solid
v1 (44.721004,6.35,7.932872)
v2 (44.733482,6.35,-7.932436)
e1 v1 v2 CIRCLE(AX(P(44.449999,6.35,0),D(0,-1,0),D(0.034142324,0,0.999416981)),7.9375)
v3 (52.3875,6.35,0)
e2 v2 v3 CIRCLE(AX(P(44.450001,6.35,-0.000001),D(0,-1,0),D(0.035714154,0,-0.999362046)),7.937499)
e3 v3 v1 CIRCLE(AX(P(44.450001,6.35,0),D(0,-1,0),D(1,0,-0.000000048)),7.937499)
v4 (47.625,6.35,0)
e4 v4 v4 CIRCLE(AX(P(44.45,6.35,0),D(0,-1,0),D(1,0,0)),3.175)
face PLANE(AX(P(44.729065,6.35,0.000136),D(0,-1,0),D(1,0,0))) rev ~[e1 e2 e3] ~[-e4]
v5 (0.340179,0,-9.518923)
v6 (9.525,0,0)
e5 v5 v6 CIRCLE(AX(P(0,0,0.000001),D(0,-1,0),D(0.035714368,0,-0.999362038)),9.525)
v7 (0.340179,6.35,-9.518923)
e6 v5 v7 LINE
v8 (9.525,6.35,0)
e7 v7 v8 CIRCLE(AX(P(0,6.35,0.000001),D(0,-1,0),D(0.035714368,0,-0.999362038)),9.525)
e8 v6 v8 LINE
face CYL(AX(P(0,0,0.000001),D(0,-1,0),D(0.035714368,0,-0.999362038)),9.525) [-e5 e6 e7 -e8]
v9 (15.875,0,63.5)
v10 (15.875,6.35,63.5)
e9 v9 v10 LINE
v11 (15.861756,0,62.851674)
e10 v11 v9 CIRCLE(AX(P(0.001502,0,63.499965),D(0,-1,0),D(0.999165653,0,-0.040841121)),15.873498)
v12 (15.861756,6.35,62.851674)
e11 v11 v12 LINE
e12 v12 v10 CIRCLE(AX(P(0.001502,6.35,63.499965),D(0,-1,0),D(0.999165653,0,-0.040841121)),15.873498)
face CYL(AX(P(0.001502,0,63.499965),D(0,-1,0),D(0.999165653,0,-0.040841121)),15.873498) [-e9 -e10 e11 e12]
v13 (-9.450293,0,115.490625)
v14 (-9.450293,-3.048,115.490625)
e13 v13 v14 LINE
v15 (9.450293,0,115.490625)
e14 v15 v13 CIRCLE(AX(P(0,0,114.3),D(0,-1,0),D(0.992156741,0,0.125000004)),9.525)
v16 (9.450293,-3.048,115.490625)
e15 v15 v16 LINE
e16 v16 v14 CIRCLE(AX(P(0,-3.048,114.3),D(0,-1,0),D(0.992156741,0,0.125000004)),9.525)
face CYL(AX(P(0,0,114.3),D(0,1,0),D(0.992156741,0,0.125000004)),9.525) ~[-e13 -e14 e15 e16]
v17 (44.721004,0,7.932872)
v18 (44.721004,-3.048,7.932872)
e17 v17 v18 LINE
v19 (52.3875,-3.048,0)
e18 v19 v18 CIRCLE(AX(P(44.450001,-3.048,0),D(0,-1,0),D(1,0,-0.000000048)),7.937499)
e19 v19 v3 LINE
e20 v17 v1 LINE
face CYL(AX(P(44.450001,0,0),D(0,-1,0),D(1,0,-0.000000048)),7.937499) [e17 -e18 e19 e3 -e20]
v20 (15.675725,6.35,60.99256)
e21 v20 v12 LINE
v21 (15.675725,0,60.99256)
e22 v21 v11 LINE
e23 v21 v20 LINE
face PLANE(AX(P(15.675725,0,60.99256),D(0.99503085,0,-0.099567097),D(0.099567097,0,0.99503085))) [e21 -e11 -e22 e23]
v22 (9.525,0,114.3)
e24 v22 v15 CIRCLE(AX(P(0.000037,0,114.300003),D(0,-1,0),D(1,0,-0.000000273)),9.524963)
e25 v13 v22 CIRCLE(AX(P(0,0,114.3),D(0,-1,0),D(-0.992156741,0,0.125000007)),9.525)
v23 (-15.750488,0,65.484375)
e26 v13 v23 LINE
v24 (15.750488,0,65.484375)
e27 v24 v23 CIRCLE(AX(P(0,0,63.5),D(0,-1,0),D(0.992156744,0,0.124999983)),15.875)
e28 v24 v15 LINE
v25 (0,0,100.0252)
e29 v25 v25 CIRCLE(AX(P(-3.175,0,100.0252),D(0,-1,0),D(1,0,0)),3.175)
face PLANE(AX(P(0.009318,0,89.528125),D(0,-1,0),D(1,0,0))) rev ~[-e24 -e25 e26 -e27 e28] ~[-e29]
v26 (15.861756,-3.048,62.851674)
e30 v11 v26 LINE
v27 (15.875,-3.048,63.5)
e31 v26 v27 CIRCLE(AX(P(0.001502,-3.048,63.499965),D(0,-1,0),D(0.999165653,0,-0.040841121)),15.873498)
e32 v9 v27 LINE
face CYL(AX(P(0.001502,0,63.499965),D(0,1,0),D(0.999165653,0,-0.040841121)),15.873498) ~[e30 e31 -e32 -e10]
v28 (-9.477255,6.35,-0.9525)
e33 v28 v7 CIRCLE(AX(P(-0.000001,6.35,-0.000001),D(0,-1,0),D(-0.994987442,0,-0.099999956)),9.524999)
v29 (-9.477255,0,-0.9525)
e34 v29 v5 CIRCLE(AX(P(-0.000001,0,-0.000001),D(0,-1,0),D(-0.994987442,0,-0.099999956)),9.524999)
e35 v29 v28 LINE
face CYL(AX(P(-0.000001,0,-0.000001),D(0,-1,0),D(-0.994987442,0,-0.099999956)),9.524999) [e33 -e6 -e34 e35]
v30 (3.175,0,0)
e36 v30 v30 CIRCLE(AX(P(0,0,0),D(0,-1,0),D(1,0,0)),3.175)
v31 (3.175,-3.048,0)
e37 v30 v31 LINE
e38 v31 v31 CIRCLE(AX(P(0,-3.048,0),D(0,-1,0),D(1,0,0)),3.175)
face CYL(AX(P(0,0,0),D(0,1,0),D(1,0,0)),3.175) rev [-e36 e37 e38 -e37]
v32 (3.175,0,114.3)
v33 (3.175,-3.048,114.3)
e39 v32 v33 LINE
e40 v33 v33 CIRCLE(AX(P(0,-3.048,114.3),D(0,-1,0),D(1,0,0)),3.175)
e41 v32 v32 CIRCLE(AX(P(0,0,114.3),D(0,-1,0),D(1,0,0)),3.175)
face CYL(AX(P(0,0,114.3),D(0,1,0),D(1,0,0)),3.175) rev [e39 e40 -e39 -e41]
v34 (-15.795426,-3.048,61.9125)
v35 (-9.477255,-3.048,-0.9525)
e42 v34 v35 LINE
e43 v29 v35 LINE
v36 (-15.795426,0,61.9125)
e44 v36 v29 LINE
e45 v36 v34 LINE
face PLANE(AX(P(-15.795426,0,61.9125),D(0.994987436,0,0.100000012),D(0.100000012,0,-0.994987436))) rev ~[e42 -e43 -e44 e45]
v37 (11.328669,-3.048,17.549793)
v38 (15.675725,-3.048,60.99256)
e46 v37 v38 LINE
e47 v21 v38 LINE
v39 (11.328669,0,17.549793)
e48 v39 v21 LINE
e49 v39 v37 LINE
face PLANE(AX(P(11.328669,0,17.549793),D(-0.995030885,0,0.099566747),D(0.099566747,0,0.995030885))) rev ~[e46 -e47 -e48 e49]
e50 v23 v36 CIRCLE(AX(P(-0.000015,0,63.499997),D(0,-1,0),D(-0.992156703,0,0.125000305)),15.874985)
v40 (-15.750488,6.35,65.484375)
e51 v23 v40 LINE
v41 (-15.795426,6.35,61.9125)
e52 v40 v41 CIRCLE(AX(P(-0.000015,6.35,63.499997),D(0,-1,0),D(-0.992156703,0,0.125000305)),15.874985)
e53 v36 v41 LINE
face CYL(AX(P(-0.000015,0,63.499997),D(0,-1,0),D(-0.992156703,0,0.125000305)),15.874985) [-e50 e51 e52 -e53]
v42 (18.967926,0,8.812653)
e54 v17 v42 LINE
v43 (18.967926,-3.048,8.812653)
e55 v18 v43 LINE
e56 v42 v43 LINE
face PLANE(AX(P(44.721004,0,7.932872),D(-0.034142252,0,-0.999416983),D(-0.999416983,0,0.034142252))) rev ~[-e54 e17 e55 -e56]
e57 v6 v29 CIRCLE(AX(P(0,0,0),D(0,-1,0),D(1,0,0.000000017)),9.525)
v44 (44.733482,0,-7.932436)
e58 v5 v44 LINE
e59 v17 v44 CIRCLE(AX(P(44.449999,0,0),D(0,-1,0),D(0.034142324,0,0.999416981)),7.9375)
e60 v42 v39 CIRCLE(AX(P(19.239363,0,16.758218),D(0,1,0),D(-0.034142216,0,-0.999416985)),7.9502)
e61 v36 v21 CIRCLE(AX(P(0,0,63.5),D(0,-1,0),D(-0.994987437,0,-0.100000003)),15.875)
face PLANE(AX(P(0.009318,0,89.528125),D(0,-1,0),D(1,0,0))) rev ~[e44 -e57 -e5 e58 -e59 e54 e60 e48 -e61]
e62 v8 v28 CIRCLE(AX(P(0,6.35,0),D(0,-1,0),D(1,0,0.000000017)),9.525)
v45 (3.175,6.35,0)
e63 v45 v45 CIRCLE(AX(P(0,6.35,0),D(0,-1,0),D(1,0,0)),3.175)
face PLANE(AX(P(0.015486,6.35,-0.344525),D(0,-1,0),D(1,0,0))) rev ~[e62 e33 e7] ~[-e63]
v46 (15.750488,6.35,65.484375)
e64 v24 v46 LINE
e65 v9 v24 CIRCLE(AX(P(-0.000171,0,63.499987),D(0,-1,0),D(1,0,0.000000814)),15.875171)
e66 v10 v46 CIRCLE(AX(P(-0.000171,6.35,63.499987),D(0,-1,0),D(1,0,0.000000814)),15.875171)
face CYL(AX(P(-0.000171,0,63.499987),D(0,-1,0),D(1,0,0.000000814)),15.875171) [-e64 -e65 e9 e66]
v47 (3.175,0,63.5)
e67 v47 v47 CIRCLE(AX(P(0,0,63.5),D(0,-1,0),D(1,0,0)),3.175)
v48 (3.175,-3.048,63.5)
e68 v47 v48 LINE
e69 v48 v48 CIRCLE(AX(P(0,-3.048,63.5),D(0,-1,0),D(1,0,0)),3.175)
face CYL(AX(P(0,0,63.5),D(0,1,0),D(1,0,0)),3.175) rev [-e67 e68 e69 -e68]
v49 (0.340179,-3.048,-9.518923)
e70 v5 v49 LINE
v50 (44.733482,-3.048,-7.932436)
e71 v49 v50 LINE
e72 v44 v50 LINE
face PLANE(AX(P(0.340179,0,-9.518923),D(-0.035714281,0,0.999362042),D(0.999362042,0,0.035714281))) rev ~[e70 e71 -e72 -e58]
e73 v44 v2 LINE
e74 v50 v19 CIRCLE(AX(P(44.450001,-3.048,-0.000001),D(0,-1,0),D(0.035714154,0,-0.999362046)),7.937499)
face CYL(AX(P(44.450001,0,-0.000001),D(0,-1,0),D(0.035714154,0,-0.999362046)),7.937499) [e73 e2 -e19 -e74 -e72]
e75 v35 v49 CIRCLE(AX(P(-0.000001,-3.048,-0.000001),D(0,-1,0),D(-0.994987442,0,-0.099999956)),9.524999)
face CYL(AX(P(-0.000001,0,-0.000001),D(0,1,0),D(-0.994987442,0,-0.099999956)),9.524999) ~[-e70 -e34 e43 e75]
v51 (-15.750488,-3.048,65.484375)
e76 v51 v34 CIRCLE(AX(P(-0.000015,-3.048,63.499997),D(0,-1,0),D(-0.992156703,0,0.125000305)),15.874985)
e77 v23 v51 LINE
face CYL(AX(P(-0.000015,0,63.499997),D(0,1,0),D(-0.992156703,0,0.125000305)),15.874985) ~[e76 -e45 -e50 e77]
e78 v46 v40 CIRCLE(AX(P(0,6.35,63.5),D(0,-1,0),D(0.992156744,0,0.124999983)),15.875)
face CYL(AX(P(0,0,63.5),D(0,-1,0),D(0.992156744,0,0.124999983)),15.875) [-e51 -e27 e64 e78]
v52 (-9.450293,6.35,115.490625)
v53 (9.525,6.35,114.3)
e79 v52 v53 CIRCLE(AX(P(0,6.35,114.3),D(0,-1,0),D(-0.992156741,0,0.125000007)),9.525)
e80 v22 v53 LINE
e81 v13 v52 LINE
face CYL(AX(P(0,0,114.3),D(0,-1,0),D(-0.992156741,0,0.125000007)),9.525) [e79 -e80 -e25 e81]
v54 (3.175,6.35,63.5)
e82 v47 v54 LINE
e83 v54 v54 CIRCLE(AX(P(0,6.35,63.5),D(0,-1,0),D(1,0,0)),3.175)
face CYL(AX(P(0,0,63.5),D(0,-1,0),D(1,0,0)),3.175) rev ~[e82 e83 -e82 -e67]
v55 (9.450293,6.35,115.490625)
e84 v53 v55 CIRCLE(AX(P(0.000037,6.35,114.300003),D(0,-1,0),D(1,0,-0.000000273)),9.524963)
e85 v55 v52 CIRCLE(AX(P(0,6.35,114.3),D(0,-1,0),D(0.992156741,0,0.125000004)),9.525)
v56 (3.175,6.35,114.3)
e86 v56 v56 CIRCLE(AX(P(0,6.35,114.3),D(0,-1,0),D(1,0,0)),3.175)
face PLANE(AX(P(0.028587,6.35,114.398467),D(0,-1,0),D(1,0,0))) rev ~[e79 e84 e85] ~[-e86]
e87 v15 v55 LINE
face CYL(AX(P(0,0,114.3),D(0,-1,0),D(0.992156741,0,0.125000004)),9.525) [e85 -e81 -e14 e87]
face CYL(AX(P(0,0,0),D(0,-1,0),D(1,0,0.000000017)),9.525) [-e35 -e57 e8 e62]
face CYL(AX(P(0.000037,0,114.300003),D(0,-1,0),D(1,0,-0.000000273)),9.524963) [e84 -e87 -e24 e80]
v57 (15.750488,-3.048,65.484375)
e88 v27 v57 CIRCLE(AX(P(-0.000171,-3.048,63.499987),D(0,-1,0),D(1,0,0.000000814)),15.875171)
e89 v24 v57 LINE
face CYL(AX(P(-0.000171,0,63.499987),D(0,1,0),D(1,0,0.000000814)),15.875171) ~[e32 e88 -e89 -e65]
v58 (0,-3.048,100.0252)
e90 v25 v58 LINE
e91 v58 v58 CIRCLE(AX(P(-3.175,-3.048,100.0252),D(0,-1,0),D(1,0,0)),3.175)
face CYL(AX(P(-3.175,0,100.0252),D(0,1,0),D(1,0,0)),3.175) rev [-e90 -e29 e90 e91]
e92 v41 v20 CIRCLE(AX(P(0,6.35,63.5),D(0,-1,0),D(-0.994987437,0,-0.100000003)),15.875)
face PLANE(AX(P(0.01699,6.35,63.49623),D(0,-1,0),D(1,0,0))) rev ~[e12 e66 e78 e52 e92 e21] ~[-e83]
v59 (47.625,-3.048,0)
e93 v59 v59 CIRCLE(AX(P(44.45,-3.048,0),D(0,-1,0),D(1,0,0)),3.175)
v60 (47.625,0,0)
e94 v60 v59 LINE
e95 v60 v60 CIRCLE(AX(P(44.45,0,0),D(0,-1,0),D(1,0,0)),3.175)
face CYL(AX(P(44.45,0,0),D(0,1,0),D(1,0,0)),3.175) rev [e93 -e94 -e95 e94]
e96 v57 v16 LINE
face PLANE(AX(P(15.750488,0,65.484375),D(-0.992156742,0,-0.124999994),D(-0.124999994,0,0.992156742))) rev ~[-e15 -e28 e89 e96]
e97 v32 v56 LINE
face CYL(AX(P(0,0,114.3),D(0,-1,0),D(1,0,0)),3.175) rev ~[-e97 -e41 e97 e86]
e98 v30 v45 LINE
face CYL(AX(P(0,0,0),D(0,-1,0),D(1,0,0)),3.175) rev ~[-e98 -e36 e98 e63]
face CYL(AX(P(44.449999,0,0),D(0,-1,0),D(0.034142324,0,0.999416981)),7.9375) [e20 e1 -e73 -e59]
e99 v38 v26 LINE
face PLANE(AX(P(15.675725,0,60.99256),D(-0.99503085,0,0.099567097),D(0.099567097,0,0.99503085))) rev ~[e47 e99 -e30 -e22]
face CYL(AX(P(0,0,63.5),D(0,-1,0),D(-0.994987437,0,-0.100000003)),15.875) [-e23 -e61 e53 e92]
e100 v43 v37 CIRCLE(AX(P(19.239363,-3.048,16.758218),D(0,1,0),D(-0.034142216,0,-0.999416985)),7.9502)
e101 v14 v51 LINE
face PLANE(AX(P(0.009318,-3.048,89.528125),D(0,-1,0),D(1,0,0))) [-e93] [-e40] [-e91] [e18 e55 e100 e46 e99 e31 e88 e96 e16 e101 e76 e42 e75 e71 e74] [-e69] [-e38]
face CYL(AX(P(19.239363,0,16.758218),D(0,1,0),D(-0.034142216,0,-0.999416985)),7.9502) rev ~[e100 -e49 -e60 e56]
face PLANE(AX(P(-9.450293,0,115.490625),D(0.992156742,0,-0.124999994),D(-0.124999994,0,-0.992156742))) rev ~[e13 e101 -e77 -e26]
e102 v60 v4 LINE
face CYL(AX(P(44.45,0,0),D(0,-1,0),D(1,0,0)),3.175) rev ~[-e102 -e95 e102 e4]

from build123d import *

# Parameters (mm, degrees)
F0_R     = 3.175
F1_DEPTH = 3.048
F2_DEPTH = 6.35


with BuildPart() as f1:
    # F0 (on Front) → F1 (new body)
    with BuildSketch(Plane.XZ):
        with BuildLine():
            Line((-9.450293, 115.490625), (-15.750488, 65.484375))
            ThreePointArc((-15.750488, 65.484375), (0, 79.375), (15.750488, 65.484375))
            Line((15.750488, 65.484375), (9.450293, 115.490625))
            ThreePointArc((9.450293, 115.490625), (9.506305, 114.896483), (9.525, 114.3))
            ThreePointArc((9.525, 114.3), (-0.596483, 104.793695), (-9.450293, 115.490625))
        make_face()
        with Locations((-3.175, 100.0252)):
            Circle(F0_R, mode=Mode.SUBTRACT)
        with BuildLine():
            ThreePointArc((-9.477255, -0.9525), (-0.476848, 9.513056), (9.525, 0))
            ThreePointArc((9.525, 0), (6.854408, -6.613827), (0.340179, -9.518923))
            Line((0.340179, -9.518923), (44.733482, -7.932436))
            ThreePointArc((44.733482, -7.932436), (36.512502, -0.006243), (44.721004, 7.932872))
            Line((44.721004, 7.932872), (18.967926, 8.812653))
            ThreePointArc((18.967926, 8.812653), (13.25428, 11.525202), (11.328669, 17.549793))
            Line((11.328669, 17.549793), (15.675725, 60.99256))
            ThreePointArc((15.675725, 60.99256), (-0.463847, 47.631778), (-15.795426, 61.9125))
            Line((-15.795426, 61.9125), (-9.477255, -0.9525))
        make_face()
        with BuildLine():
            ThreePointArc((9.450293, 115.490625), (0, 123.825), (-9.450293, 115.490625))
            ThreePointArc((-9.450293, 115.490625), (-0.596483, 104.793695), (9.525, 114.3))
            ThreePointArc((9.525, 114.3), (9.506305, 114.896483), (9.450293, 115.490625))
        make_face()
        with Locations((0, 114.3)):
            Circle(F0_R, mode=Mode.SUBTRACT)
        with BuildLine():
            ThreePointArc((-15.750488, 65.484375), (-15.873744, 63.699705), (-15.795426, 61.9125))
            ThreePointArc((-15.795426, 61.9125), (-0.463847, 47.631778), (15.675725, 60.99256))
            Line((15.675725, 60.99256), (15.861756, 62.851674))
            ThreePointArc((15.861756, 62.851674), (15.871689, 63.175769), (15.875, 63.5))
            ThreePointArc((15.875, 63.5), (15.843841, 64.494139), (15.750488, 65.484375))
            ThreePointArc((15.750488, 65.484375), (0, 79.375), (-15.750488, 65.484375))
        make_face()
        with Locations((0, 63.5)):
            Circle(F0_R, mode=Mode.SUBTRACT)
        with BuildLine():
            ThreePointArc((0.340179, -9.518923), (6.854408, -6.613827), (9.525, 0))
            ThreePointArc((9.525, 0), (-0.476848, 9.513056), (-9.477255, -0.9525))
            ThreePointArc((-9.477255, -0.9525), (-6.262383, -7.17692), (0.340179, -9.518923))
        make_face()
        Circle(F0_R, mode=Mode.SUBTRACT)
        with BuildLine():
            ThreePointArc((44.721004, 7.932872), (36.512502, -0.006243), (44.733482, -7.932436))
            ThreePointArc((44.733482, -7.932436), (50.162007, -5.511523), (52.3875, 0))
            ThreePointArc((52.3875, 0), (50.15767, 5.516014), (44.721004, 7.932872))
        make_face()
        with Locations((44.45, 0)):
            Circle(F0_R, mode=Mode.SUBTRACT)
    extrude(amount=F1_DEPTH)

    # F0 (on Front) → F2 (join)
    with BuildSketch(Plane.XZ):
        with BuildLine():
            ThreePointArc((44.721004, 7.932872), (36.512502, -0.006243), (44.733482, -7.932436))
            ThreePointArc((44.733482, -7.932436), (50.162007, -5.511523), (52.3875, 0))
            ThreePointArc((52.3875, 0), (50.15767, 5.516014), (44.721004, 7.932872))
        make_face()
        with Locations((44.45, 0)):
            Circle(F0_R, mode=Mode.SUBTRACT)
        with BuildLine():
            ThreePointArc((0.340179, -9.518923), (6.854408, -6.613827), (9.525, 0))
            ThreePointArc((9.525, 0), (-0.476848, 9.513056), (-9.477255, -0.9525))
            ThreePointArc((-9.477255, -0.9525), (-6.262383, -7.17692), (0.340179, -9.518923))
        make_face()
        Circle(F0_R, mode=Mode.SUBTRACT)
        with BuildLine():
            ThreePointArc((-15.750488, 65.484375), (-15.873744, 63.699705), (-15.795426, 61.9125))
            ThreePointArc((-15.795426, 61.9125), (-0.463847, 47.631778), (15.675725, 60.99256))
            Line((15.675725, 60.99256), (15.861756, 62.851674))
            ThreePointArc((15.861756, 62.851674), (15.871689, 63.175769), (15.875, 63.5))
            ThreePointArc((15.875, 63.5), (15.843841, 64.494139), (15.750488, 65.484375))
            ThreePointArc((15.750488, 65.484375), (0, 79.375), (-15.750488, 65.484375))
        make_face()
        with Locations((0, 63.5)):
            Circle(F0_R, mode=Mode.SUBTRACT)
        with BuildLine():
            ThreePointArc((9.450293, 115.490625), (0, 123.825), (-9.450293, 115.490625))
            ThreePointArc((-9.450293, 115.490625), (-0.596483, 104.793695), (9.525, 114.3))
            ThreePointArc((9.525, 114.3), (9.506305, 114.896483), (9.450293, 115.490625))
        make_face()
        with Locations((0, 114.3)):
            Circle(F0_R, mode=Mode.SUBTRACT)
    extrude(amount=-F2_DEPTH)


solid = f1.part
